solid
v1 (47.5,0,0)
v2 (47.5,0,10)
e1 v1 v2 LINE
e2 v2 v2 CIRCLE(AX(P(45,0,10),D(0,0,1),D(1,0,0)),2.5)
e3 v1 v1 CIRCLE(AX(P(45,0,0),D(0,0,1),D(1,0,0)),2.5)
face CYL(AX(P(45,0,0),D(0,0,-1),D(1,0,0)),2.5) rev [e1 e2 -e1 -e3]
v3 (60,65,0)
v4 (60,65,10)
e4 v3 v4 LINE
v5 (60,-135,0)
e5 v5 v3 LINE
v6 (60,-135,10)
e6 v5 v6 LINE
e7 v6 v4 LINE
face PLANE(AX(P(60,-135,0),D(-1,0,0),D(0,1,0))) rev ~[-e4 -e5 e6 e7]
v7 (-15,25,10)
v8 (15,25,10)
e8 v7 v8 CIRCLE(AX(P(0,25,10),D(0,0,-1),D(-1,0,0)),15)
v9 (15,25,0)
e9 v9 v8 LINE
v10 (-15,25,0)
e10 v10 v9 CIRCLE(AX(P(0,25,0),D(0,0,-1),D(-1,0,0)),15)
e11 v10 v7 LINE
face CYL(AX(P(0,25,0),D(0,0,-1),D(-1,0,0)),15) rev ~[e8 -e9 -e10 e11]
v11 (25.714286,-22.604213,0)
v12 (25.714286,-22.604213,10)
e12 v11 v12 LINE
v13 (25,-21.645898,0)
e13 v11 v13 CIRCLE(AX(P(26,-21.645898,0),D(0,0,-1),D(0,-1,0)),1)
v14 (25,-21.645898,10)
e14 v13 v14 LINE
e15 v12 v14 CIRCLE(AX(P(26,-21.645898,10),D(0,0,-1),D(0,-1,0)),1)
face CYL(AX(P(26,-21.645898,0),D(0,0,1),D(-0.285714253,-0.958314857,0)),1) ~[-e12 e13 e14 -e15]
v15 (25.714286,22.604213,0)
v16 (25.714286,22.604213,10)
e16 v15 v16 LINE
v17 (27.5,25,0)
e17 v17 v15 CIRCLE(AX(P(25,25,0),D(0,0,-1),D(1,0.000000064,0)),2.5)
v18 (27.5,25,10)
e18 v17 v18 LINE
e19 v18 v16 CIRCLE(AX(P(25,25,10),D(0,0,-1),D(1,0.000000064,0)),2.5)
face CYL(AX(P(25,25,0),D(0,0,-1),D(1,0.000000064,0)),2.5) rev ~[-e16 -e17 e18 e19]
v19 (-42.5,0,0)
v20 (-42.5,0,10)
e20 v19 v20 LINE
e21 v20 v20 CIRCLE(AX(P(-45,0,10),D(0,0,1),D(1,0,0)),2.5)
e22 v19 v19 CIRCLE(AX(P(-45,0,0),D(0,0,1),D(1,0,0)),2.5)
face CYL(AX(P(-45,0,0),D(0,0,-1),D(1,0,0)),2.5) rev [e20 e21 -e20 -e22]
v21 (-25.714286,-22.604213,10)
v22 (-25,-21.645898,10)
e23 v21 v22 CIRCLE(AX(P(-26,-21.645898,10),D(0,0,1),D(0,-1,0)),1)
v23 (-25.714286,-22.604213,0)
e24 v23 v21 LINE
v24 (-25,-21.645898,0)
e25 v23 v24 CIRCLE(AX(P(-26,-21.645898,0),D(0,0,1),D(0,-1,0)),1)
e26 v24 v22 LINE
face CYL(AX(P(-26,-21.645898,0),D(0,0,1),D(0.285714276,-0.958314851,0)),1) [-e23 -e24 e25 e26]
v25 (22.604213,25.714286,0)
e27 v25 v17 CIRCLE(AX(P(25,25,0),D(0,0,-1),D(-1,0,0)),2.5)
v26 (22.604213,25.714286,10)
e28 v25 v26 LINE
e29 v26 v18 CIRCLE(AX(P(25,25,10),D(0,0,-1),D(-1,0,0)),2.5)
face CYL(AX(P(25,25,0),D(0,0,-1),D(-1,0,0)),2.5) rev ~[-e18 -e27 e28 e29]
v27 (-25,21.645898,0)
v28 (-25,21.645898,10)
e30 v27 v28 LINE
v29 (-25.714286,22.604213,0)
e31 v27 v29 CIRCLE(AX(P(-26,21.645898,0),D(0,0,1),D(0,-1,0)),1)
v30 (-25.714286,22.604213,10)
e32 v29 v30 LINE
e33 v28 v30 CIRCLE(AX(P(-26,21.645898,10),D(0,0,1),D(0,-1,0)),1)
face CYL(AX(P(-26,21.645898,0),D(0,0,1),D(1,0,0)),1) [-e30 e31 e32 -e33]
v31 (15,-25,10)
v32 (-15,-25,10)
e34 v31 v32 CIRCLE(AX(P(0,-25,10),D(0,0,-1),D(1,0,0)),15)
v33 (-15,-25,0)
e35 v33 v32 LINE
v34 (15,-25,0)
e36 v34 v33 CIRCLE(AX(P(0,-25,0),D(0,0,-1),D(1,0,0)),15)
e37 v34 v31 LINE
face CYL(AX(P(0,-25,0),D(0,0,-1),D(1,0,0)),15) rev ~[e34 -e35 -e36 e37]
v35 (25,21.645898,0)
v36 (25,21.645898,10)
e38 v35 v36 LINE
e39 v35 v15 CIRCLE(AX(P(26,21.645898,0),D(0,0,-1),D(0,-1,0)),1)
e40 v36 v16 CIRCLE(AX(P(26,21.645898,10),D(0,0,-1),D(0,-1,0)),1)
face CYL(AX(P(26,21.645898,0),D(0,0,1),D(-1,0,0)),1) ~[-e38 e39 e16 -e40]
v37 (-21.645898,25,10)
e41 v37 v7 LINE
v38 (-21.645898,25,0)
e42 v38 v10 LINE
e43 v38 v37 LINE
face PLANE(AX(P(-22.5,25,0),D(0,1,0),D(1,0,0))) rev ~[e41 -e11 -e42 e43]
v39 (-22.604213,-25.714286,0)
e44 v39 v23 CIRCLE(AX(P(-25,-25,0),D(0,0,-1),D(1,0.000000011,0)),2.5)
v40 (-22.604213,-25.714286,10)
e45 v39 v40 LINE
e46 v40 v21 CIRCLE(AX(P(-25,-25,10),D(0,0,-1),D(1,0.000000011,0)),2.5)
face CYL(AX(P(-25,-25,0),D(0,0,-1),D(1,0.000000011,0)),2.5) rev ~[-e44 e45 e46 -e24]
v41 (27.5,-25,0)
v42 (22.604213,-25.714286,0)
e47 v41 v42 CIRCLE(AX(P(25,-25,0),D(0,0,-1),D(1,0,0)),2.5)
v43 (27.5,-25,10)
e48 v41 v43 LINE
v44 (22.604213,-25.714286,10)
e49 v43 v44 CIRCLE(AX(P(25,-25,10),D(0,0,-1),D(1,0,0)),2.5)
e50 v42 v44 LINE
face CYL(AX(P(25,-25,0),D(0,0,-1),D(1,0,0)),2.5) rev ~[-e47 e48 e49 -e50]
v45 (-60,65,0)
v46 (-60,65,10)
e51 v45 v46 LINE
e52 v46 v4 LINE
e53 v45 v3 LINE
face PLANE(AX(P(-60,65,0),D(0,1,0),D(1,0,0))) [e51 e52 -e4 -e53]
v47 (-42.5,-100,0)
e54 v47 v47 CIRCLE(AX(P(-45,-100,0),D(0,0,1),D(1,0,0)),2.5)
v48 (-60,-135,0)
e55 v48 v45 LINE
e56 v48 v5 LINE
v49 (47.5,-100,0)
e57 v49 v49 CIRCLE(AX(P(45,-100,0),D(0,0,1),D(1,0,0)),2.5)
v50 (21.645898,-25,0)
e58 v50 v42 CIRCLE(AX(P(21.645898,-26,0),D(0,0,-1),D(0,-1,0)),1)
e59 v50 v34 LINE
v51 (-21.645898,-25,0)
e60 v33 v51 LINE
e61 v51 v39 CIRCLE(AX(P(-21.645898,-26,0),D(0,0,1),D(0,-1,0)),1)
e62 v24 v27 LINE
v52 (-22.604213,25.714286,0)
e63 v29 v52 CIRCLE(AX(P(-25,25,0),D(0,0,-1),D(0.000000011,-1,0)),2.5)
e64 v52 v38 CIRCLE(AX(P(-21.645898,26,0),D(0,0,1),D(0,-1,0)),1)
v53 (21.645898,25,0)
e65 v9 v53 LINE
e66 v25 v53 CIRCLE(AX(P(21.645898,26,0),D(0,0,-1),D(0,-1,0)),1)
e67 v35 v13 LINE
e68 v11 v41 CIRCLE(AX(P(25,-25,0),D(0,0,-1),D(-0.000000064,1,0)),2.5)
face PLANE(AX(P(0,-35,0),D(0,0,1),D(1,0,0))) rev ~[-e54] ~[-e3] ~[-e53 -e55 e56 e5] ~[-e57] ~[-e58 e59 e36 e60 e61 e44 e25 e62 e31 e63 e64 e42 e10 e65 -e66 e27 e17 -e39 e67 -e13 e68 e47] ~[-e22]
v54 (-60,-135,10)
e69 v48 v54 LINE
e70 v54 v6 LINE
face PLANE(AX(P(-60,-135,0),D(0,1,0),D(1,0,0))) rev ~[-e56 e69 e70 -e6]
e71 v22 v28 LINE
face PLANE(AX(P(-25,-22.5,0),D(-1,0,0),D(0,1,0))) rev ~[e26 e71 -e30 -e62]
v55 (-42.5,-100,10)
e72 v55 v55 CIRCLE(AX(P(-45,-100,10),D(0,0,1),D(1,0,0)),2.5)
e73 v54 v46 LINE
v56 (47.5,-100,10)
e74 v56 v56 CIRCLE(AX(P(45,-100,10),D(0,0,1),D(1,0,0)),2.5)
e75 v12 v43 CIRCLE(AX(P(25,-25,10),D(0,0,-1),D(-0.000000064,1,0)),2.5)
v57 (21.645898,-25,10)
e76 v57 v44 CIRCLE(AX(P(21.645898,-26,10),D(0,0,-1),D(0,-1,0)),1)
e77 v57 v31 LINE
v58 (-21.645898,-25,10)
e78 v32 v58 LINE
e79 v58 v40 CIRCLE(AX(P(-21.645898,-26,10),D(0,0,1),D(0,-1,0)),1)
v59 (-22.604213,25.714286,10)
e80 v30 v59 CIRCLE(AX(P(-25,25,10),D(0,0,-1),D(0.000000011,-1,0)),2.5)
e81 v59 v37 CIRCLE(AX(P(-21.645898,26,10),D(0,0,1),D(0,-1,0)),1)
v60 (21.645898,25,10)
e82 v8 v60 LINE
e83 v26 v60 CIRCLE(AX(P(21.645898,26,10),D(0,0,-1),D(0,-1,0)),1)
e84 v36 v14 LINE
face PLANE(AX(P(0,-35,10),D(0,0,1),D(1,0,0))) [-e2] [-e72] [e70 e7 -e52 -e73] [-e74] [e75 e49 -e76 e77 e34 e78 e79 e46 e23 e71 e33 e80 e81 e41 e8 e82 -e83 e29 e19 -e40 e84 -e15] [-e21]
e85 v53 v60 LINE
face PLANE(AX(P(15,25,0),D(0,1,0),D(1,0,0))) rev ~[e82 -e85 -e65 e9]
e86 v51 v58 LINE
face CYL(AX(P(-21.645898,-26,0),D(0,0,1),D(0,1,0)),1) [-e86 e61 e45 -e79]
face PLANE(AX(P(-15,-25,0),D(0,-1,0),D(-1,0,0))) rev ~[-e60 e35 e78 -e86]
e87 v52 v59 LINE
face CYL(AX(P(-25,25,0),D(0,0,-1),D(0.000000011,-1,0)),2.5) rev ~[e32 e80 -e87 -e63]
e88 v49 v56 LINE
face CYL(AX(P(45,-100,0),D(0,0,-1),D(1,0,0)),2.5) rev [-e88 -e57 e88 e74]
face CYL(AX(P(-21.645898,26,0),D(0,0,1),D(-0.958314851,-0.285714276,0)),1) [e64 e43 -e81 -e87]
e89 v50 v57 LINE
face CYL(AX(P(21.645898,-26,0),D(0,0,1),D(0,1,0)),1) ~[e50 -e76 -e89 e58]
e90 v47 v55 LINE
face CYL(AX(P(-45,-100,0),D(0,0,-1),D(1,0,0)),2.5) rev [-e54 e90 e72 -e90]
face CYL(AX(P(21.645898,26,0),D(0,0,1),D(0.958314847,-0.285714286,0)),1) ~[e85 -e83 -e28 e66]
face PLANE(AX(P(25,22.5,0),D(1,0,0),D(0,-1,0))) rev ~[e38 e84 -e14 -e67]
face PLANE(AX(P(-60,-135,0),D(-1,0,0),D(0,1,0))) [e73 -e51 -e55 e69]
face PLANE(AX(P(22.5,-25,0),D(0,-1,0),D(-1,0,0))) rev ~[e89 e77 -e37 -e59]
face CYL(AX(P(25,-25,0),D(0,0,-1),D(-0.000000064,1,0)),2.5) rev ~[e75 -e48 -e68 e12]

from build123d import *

# Parameters (mm, degrees)
F0_W     = 120
F0_H     = 200
F0_R     = 2.5
F1_DEPTH = 10
F2_R     = 1


with BuildPart() as f1:
    # F0 (on Top) → F1 (new body)
    with BuildSketch(Plane.XY):
        with Locations((0, -35)):
            Rectangle(F0_W, F0_H)
        with Locations((-45, -100)):
            Circle(F0_R, mode=Mode.SUBTRACT)
        with Locations((45, -100)):
            Circle(F0_R, mode=Mode.SUBTRACT)
        with Locations((-45, 0)):
            Circle(F0_R, mode=Mode.SUBTRACT)
        with BuildLine():
            Line((-15, -25), (-22.5, -25))
            ThreePointArc((-22.5, -25), (-26.767767, -26.767767), (-25, -22.5))
            Line((-25, -22.5), (-25, 22.5))
            ThreePointArc((-25, 22.5), (-26.767767, 26.767767), (-22.5, 25))
            Line((-22.5, 25), (-15, 25))
            ThreePointArc((-15, 25), (0, 40), (15, 25))
            Line((15, 25), (22.5, 25))
            ThreePointArc((22.5, 25), (25, 27.5), (27.5, 25))
            ThreePointArc((27.5, 25), (26.767767, 23.232233), (25, 22.5))
            Line((25, 22.5), (25, -22.5))
            ThreePointArc((25, -22.5), (26.767767, -23.232233), (27.5, -25))
            ThreePointArc((27.5, -25), (25, -27.5), (22.5, -25))
            Line((22.5, -25), (15, -25))
            ThreePointArc((15, -25), (0, -40), (-15, -25))
        make_face(mode=Mode.SUBTRACT)
        with Locations((45, 0)):
            Circle(F0_R, mode=Mode.SUBTRACT)
    extrude(amount=F1_DEPTH)

    # F2
    f2_edges = [f1.edges().sort_by_distance(p)[0] for p in [
        (-22.5, 25, 5),
        (-25, 22.5, 5),
        (-25, -22.5, 5),
        (-22.5, -25, 5),
        (22.5, 25, 5),
        (25, 22.5, 5),
        (22.5, -25, 5),
        (25, -22.5, 5),
    ]]
    fillet(f2_edges, radius=F2_R)


solid = f1.part
